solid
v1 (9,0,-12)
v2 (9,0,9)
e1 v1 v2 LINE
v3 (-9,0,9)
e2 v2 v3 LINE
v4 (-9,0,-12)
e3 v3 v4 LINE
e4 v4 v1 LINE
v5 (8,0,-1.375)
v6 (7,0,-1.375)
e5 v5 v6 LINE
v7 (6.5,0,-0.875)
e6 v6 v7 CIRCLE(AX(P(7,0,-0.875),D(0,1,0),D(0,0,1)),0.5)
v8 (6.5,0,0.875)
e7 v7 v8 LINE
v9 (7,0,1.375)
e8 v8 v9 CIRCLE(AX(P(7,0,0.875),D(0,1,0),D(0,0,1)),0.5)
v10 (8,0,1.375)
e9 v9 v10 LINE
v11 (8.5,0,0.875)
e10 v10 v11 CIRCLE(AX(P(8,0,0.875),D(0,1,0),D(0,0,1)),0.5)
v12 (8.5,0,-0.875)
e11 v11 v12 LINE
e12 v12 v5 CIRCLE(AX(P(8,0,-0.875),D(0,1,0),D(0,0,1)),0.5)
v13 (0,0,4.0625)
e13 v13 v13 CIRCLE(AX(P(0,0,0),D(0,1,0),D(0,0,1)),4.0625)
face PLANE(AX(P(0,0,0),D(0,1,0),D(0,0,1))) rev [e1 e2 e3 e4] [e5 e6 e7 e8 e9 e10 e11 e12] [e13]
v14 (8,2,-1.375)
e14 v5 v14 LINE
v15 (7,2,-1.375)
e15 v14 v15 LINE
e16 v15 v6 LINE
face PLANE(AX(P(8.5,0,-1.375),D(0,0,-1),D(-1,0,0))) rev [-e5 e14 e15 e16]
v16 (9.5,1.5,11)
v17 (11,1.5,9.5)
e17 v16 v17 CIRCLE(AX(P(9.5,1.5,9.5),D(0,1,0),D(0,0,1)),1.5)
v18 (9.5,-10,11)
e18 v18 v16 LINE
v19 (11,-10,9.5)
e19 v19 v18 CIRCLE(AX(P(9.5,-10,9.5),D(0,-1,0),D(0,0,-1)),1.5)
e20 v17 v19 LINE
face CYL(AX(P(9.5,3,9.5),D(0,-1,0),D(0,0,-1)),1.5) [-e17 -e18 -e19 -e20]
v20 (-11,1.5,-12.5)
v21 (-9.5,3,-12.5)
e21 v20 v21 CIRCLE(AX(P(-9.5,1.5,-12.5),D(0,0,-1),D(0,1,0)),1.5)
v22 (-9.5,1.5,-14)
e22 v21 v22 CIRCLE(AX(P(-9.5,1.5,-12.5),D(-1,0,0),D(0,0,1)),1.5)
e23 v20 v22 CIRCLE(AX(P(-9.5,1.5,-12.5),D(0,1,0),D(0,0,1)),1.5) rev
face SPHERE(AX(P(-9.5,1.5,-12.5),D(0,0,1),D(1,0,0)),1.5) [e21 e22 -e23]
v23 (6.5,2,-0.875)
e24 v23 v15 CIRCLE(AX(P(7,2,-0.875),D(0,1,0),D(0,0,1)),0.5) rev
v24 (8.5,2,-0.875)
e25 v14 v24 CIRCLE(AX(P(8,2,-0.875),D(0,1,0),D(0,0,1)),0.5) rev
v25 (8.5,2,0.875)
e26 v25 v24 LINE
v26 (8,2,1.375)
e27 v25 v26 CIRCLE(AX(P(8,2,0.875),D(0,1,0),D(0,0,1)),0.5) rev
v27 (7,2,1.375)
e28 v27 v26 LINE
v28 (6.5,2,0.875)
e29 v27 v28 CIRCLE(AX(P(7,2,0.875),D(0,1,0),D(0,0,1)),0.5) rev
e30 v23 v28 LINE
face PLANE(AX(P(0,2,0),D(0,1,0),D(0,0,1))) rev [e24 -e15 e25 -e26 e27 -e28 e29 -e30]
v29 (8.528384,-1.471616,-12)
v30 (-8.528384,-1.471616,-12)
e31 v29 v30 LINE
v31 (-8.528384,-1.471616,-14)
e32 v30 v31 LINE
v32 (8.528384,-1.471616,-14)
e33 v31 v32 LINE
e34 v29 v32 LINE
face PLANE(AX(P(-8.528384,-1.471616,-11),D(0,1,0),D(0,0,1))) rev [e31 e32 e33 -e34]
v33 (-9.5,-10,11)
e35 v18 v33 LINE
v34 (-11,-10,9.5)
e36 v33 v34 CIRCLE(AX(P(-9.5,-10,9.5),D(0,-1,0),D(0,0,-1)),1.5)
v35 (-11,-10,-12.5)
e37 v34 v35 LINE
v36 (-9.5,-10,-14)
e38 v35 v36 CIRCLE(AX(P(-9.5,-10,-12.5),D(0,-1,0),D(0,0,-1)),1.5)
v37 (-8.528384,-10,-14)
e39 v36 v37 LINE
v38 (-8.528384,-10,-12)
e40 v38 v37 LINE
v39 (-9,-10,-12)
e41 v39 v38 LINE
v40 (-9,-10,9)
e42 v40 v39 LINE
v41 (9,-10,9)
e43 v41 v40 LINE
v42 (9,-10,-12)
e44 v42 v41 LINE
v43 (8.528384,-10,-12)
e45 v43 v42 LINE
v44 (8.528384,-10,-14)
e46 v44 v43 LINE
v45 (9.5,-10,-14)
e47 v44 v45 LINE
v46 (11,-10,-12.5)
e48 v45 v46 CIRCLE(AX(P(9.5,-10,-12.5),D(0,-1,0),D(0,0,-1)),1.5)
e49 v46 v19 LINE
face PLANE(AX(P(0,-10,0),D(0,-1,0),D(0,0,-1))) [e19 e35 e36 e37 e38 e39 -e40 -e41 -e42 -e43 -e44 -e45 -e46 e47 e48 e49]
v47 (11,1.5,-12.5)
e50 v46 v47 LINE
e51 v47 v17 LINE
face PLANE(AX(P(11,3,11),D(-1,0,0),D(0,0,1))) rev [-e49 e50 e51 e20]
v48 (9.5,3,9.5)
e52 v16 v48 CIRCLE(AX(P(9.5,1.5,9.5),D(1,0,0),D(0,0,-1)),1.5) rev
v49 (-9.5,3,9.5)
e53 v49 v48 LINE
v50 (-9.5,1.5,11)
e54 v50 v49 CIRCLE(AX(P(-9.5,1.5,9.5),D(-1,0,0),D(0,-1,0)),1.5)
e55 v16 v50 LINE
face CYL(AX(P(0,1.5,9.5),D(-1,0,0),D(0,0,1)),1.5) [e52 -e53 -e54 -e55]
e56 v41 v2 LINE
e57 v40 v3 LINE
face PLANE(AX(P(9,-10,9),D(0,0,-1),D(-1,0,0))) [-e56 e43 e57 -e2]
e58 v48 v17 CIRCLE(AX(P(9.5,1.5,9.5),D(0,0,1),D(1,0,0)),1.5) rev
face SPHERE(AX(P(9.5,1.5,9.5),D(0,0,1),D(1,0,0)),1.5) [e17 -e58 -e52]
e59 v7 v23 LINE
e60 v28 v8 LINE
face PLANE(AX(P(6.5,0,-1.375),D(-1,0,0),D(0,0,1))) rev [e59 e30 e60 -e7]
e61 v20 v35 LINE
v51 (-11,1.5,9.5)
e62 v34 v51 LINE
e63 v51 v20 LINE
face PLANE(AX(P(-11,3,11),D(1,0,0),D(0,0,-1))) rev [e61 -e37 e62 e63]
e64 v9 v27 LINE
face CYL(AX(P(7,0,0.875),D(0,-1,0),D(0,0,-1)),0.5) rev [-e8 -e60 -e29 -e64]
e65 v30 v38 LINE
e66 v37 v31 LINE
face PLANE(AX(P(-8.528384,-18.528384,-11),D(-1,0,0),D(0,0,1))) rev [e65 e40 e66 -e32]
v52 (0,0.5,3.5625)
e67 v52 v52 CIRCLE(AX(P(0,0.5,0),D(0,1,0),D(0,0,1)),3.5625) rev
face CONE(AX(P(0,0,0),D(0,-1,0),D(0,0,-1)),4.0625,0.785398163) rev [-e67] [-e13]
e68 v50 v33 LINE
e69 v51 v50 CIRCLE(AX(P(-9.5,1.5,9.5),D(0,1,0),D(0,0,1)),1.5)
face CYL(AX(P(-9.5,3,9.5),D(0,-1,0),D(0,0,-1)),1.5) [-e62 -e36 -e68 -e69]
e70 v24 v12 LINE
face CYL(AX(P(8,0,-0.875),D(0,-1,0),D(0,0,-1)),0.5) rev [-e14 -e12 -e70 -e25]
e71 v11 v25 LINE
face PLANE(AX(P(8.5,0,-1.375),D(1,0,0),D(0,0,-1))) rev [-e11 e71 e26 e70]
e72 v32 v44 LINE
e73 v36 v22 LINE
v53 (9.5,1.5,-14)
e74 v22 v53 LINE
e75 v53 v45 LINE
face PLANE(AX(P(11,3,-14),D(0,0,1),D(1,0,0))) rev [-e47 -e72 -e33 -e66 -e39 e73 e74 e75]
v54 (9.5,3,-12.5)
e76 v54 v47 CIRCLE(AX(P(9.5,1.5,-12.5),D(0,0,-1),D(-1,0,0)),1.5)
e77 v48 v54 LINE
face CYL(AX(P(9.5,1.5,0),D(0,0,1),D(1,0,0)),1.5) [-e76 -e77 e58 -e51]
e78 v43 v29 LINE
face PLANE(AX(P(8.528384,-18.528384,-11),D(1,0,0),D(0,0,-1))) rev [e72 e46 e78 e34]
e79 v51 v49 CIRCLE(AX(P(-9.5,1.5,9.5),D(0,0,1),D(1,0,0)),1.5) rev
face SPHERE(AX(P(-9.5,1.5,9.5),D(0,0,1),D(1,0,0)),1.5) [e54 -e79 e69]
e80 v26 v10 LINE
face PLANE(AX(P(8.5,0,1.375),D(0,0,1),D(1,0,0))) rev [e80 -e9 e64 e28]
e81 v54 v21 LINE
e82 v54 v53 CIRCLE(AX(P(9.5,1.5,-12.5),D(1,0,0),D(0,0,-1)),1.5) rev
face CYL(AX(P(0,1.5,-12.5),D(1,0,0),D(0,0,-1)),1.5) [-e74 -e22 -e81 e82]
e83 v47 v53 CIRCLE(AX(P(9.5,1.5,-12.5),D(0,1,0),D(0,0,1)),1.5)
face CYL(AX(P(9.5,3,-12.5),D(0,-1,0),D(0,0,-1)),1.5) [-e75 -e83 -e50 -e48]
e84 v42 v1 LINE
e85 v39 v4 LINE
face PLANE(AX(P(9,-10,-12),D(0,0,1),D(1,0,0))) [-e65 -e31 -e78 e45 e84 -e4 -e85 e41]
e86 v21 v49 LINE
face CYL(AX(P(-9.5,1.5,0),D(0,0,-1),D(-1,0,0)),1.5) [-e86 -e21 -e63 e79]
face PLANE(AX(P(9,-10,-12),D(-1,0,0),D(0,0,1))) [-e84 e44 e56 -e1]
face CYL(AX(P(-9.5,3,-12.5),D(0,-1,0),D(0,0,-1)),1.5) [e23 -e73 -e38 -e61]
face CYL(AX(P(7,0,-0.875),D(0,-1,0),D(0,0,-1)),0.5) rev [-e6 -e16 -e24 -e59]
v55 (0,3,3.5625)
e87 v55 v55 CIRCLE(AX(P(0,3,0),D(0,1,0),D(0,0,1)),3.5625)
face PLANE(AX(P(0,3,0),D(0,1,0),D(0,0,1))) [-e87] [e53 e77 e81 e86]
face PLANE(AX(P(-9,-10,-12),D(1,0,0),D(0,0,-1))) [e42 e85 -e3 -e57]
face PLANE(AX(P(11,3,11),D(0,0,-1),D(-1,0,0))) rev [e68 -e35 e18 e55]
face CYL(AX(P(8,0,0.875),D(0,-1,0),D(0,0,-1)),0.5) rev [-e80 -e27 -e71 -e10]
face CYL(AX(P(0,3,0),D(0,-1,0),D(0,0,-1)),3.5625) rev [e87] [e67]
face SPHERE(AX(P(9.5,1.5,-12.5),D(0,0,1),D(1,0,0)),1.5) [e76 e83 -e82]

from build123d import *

# Parameters (mm, degrees)
SKETCH1_W           = 22
SKETCH1_H           = 25
SKETCH1_R           = 3.5625
BOSS_EXTRUDE1_DEPTH = 3
CUT_EXTRUDE1_DEPTH  = 2
SKETCH2_W           = 22
SKETCH2_H           = 25
SKETCH2_W_2         = 18
SKETCH2_H_2         = 21
BOSS_EXTRUDE2_DEPTH = 10
FILLET1_R           = 1.5
CHAMFER2_SIZE       = 0.5
FILLET2_R           = 0.5
SKETCH6_W           = 17.056767778
SKETCH6_H           = 17.056767778
CUT_EXTRUDE4_DEPTH  = 3


with BuildPart() as part:
    # Sketch1 → Boss-Extrude1 (new body)
    with BuildSketch(Plane(origin=(0, 0, 0), x_dir=(1, 0, 0), z_dir=(0, 1, 0))):
        with Locations((0, 1.5)):
            Rectangle(SKETCH1_W, SKETCH1_H)
        with Locations(Location((0, 0, 0), (0, 0, 270))):
            Circle(SKETCH1_R, mode=Mode.SUBTRACT)
    extrude(amount=BOSS_EXTRUDE1_DEPTH)

    # 3DSketch1 → Cut-Extrude1 (cut)
    with BuildSketch(Plane(origin=(8.5, 0, -1.375), x_dir=(-0.5881716976750463, 0, 0.8087360843031886), z_dir=(0, -1, 0))):
        Polygon((0, 0), (1.176343395, 1.617472169), (3.400367627, 0), (2.224024232, -1.617472169), align=None)
    extrude(amount=-CUT_EXTRUDE1_DEPTH, mode=Mode.SUBTRACT)

    # Sketch2 → Boss-Extrude2 (add)
    with BuildSketch(Plane.XZ):
        with Locations((0, -1.5)):
            Rectangle(SKETCH2_W, SKETCH2_H)
        with Locations((0, -1.5)):
            Rectangle(SKETCH2_W_2, SKETCH2_H_2, mode=Mode.SUBTRACT)
    extrude(amount=BOSS_EXTRUDE2_DEPTH)

    # Fillet1
    fillet1_edges = [part.edges().sort_by_distance(p)[0] for p in [
        (11, 3, -1.5),
        (0, 3, -14),
        (-11, 3, -1.5),
        (0, 3, 11),
        (-11, -3.5, -14),
        (11, -3.5, -14),
        (11, -3.5, 11),
        (-11, -3.5, 11),
    ]]
    fillet(fillet1_edges, radius=FILLET1_R)

    # Chamfer2
    chamfer2_edges = [part.edges().sort_by_distance(p)[0] for p in [
        (0, 0, -3.5625),
    ]]
    chamfer(chamfer2_edges, length=CHAMFER2_SIZE)

    # Fillet2
    fillet2_edges = [part.edges().sort_by_distance(p)[0] for p in [
        (8.5, 1, -1.375),
        (8.5, 1, 1.375),
        (6.5, 1, 1.375),
        (6.5, 1, -1.375),
    ]]
    fillet(fillet2_edges, radius=FILLET2_R)

    # Sketch6 → Cut-Extrude4 (cut)
    with BuildSketch(Plane(origin=(0, 0, -14), x_dir=(-1, 0, 0), z_dir=(0, 0, -1))):
        with Locations((0, -10)):
            Rectangle(SKETCH6_W, SKETCH6_H)
    extrude(amount=-CUT_EXTRUDE4_DEPTH, mode=Mode.SUBTRACT)


solid = part.part
